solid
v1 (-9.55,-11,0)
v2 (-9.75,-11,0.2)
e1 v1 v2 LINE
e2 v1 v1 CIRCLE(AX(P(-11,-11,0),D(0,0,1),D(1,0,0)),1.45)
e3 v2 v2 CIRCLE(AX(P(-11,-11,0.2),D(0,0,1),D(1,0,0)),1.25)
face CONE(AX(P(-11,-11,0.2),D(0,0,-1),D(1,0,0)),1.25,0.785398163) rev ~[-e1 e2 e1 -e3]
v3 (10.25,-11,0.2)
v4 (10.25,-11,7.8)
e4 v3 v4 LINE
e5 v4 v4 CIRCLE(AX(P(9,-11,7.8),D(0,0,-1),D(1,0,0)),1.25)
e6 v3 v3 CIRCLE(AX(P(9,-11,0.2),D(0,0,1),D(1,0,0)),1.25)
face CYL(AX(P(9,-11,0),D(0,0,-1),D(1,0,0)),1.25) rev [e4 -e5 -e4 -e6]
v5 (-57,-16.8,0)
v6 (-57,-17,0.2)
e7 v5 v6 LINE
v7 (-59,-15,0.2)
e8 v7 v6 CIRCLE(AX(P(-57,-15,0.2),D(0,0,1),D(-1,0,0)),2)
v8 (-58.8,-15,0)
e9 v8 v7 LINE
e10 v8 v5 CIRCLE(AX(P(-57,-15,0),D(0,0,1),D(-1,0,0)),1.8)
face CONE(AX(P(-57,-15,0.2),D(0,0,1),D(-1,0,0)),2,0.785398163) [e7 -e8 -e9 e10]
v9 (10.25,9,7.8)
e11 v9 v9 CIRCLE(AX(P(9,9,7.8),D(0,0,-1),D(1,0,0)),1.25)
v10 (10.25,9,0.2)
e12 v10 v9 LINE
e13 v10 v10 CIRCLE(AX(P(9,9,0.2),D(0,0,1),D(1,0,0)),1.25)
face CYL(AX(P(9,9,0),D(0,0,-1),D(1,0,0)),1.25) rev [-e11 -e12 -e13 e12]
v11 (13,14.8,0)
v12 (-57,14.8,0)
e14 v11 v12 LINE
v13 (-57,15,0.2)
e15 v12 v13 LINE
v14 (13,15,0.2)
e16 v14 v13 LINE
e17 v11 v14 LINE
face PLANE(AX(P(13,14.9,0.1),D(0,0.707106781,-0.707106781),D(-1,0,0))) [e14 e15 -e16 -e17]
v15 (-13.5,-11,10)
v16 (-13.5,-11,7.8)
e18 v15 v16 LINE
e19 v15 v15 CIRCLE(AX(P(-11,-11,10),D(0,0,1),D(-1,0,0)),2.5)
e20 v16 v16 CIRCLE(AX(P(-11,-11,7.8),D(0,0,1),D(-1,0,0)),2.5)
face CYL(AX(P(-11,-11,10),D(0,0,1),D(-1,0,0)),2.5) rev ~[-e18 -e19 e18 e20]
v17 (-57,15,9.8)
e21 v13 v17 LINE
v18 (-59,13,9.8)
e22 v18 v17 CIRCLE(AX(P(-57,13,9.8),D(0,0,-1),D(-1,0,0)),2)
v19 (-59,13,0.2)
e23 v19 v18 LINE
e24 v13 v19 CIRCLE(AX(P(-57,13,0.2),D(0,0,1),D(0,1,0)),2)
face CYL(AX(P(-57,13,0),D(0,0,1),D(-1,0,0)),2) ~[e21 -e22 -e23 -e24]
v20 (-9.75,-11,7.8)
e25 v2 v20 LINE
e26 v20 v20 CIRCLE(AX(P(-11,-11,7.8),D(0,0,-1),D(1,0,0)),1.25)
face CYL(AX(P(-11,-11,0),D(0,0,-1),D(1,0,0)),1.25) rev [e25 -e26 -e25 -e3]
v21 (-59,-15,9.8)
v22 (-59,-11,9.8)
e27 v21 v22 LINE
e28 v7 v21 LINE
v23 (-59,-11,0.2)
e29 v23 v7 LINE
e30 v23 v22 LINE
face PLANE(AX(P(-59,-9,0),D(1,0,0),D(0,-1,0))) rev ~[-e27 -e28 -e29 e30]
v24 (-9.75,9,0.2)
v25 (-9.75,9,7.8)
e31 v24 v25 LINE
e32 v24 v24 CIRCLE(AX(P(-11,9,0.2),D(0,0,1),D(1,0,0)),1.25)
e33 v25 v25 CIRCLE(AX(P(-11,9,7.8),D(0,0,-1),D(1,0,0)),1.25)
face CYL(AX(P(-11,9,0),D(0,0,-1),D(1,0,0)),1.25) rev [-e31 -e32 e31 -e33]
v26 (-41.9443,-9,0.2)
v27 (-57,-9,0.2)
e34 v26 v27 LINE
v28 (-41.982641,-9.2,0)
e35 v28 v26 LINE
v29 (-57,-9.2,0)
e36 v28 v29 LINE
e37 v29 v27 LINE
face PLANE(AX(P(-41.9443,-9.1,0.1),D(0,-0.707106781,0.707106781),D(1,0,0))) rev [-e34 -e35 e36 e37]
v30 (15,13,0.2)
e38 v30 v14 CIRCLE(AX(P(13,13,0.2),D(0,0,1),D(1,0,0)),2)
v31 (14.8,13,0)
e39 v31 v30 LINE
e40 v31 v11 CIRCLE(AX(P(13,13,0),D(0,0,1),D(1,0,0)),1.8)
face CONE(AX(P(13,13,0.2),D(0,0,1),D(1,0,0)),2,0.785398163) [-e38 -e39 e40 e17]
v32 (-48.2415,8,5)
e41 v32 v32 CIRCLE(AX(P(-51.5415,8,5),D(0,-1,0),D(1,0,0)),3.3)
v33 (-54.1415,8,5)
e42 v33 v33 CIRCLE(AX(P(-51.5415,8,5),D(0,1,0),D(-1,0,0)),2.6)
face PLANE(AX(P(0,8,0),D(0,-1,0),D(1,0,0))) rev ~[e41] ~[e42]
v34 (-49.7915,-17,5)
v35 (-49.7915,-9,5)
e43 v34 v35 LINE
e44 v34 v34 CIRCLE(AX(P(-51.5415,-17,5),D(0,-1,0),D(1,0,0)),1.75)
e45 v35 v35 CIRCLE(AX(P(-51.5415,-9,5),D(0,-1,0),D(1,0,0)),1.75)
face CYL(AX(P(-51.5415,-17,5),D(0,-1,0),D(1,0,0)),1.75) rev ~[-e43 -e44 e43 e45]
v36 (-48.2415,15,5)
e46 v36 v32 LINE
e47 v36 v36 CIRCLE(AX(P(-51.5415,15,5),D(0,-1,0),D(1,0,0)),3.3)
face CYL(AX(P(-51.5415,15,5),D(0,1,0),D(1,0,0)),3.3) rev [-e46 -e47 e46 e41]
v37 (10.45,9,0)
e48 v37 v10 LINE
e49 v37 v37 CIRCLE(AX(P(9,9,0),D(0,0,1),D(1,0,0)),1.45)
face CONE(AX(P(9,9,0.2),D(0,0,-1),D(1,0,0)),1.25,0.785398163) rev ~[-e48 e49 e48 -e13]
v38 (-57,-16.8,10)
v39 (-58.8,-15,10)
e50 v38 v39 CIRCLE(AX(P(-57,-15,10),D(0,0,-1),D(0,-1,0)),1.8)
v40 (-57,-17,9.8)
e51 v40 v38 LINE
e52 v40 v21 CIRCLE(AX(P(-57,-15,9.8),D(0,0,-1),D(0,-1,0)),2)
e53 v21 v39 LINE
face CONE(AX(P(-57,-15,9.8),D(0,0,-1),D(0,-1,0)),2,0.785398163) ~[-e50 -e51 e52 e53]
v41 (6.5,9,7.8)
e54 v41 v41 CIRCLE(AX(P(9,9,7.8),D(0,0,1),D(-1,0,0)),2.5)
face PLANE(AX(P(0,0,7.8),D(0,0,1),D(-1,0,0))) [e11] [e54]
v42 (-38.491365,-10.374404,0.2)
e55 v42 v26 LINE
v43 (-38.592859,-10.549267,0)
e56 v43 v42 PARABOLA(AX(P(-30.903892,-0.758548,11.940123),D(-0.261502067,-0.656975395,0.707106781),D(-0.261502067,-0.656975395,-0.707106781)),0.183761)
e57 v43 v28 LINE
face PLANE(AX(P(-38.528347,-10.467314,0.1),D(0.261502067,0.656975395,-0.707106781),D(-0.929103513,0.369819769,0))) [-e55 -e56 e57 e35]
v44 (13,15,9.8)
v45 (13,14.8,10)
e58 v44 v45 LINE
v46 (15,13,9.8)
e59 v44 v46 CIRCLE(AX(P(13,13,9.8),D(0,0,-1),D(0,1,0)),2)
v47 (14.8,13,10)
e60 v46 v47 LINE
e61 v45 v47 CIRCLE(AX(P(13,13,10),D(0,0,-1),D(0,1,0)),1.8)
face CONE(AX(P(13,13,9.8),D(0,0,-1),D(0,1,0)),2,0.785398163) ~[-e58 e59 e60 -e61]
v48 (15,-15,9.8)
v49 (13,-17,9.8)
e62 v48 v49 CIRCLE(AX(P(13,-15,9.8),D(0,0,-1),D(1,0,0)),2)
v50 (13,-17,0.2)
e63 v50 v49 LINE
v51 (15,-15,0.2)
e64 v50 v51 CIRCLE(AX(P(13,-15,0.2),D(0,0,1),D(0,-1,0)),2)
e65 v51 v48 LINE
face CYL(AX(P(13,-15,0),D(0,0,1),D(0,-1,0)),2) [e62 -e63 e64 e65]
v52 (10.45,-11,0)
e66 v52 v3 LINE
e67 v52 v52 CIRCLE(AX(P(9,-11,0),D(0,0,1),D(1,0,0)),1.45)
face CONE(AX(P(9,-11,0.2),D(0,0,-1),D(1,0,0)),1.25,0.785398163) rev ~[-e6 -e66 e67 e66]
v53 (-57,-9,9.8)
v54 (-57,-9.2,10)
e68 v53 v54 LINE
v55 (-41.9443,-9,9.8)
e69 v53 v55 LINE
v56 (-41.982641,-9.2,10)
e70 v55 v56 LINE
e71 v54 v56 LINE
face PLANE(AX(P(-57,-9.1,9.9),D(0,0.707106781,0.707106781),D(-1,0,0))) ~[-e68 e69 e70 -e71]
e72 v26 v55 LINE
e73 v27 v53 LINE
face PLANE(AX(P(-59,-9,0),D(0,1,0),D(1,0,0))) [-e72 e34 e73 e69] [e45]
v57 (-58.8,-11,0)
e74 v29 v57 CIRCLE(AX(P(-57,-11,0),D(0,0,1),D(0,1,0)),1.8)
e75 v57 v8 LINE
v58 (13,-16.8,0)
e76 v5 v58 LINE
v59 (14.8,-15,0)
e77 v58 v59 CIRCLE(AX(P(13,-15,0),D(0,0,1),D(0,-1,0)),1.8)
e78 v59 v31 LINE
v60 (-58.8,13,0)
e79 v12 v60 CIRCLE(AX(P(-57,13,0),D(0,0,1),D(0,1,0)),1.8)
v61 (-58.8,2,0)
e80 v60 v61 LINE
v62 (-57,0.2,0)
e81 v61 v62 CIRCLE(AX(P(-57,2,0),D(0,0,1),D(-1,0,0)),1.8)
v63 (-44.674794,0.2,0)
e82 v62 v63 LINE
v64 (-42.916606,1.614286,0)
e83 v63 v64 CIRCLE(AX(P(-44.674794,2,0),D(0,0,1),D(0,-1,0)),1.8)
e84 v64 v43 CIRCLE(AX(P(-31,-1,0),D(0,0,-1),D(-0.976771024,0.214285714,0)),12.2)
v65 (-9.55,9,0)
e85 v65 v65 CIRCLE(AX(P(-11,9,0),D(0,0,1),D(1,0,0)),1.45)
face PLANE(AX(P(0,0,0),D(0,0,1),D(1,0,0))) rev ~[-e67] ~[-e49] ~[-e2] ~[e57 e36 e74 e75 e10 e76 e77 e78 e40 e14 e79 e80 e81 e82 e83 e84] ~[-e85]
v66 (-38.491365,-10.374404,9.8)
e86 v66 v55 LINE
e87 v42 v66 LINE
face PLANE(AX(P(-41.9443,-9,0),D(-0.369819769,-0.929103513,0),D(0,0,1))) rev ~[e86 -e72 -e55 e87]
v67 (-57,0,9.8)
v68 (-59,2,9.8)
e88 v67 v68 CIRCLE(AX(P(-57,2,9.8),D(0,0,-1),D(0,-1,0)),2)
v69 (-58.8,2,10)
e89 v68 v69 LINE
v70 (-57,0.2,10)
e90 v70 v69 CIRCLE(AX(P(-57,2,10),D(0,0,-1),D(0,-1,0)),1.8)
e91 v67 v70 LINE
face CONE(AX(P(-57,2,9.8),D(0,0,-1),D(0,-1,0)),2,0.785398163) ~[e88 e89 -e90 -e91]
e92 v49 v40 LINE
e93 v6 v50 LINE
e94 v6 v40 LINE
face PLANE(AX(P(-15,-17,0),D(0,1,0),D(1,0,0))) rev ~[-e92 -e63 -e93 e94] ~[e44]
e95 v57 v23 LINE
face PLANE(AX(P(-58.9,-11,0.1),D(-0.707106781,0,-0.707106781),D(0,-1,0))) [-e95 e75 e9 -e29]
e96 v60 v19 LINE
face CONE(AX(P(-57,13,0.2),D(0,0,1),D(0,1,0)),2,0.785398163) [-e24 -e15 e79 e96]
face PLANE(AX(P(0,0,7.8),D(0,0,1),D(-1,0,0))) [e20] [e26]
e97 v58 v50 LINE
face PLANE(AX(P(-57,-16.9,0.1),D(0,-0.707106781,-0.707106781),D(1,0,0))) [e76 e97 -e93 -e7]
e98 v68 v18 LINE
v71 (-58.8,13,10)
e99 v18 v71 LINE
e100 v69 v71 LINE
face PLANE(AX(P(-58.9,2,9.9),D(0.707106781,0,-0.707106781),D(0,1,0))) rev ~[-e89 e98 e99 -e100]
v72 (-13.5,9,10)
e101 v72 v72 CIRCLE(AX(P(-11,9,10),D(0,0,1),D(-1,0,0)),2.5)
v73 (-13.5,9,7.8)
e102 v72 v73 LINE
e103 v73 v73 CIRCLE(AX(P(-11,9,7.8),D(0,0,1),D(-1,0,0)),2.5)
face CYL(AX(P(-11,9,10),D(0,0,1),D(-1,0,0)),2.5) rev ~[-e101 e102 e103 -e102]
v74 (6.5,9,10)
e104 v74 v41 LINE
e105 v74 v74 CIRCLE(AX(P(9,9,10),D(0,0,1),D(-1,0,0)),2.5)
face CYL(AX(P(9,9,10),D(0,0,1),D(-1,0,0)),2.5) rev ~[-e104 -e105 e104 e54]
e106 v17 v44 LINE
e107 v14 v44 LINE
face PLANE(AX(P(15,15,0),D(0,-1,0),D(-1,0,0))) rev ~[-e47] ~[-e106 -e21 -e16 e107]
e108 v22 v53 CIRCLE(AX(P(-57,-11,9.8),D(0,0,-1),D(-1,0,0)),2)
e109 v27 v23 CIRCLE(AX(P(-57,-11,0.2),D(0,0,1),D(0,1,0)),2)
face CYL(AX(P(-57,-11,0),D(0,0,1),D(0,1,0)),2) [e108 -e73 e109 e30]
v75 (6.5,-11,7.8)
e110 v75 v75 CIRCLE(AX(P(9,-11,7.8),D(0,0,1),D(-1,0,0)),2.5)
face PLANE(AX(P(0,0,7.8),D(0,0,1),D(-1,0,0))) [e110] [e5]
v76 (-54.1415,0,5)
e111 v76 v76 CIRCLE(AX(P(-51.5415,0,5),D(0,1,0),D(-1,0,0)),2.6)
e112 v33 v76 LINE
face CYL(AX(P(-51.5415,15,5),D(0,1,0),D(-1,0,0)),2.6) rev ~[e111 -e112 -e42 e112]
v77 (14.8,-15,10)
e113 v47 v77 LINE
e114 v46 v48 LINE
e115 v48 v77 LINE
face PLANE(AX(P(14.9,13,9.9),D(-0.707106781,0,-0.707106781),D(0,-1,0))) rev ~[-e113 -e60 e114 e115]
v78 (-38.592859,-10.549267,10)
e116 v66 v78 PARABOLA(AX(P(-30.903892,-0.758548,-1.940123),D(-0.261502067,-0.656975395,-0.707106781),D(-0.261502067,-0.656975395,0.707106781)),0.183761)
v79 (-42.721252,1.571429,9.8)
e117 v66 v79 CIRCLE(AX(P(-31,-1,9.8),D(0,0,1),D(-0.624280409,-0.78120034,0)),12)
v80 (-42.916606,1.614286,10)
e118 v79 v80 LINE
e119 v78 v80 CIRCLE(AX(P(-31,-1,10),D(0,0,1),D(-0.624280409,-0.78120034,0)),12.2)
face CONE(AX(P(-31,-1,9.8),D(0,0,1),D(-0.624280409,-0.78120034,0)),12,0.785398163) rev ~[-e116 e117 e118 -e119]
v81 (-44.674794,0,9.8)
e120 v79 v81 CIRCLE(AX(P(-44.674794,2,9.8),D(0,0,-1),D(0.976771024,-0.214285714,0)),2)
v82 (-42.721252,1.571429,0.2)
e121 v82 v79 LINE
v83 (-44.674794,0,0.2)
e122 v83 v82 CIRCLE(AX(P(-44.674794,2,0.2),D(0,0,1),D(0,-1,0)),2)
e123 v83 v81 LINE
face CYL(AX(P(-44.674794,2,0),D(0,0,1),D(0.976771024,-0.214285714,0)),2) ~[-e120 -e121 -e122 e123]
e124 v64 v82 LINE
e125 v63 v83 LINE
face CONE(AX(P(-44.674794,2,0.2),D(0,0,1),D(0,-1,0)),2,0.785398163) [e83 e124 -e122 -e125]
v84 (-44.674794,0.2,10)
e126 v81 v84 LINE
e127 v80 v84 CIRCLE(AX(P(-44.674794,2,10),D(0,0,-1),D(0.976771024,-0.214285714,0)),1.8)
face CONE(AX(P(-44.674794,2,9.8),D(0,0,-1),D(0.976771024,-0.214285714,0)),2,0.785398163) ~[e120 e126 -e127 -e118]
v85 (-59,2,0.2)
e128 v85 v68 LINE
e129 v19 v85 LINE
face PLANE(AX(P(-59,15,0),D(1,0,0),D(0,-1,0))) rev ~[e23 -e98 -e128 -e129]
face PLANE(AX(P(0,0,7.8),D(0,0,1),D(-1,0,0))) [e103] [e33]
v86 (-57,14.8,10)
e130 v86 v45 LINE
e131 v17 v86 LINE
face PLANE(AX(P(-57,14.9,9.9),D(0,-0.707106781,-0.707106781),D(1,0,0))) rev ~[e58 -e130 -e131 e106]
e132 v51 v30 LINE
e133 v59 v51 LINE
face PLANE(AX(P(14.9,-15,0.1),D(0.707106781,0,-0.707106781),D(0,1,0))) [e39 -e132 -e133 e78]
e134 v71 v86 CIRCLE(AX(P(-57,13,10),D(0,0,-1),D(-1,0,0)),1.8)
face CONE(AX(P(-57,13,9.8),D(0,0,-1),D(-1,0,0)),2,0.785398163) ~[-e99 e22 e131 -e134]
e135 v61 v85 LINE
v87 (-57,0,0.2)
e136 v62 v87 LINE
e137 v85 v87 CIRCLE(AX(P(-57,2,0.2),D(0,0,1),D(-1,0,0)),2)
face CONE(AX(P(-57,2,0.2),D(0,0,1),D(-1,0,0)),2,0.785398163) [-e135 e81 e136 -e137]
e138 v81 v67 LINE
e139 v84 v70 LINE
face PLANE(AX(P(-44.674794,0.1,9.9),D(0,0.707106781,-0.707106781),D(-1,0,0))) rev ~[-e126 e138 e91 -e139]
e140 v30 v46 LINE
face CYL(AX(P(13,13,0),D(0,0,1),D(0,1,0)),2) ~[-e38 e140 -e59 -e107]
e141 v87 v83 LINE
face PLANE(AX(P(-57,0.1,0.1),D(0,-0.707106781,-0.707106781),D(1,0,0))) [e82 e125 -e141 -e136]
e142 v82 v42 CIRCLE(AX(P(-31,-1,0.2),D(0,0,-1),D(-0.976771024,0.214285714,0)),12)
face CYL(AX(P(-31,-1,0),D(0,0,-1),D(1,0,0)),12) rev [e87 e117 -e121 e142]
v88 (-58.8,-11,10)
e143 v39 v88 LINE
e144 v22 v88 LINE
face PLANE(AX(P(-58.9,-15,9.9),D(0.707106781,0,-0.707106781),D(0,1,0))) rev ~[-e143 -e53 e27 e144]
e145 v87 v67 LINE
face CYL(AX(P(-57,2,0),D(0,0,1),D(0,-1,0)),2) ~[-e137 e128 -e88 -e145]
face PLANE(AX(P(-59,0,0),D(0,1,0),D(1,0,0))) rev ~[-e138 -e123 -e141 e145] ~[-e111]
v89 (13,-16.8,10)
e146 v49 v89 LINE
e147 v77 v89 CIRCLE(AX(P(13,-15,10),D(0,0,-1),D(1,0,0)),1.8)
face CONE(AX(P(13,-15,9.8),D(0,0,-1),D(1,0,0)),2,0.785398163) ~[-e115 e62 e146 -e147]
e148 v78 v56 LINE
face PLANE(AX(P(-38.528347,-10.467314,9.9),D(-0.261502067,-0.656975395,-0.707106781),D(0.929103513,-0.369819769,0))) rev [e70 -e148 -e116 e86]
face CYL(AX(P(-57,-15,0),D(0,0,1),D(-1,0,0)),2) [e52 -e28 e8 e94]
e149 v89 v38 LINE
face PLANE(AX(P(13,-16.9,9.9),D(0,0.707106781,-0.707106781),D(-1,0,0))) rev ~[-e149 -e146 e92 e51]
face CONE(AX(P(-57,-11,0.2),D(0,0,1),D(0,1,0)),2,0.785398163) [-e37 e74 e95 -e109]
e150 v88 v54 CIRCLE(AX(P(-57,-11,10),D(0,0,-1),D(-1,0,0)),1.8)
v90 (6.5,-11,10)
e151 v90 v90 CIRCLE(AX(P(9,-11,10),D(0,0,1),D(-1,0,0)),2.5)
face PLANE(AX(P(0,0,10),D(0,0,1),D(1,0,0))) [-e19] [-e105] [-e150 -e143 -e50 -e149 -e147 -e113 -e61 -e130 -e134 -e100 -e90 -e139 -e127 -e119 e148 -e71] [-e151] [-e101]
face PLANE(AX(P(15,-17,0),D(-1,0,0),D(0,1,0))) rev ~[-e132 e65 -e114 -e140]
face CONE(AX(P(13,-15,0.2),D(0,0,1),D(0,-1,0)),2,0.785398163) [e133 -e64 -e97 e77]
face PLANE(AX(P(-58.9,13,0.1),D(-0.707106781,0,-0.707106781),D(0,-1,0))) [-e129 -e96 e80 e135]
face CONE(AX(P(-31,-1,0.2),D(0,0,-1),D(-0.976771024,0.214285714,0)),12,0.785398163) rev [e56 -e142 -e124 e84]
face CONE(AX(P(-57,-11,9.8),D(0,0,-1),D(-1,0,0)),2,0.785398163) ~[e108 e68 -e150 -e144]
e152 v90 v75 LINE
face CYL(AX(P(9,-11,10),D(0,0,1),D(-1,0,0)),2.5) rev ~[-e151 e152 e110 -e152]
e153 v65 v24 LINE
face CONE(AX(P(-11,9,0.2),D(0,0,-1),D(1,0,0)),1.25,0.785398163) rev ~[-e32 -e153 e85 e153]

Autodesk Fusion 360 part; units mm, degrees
sketch "Base profile and screw holes" plane through (0, 0, 0) normal (0, 0, 1) x (1, 0, 0)
  line L0 (15, 15) -> (-15, 15)
  line L1 (-15, 15) -> (-15, -17)
  line L2 (-15, -17) -> (15, -17)
  line L3 (15, -17) -> (15, 15)
  circle A0 centre (-11, -11) radius 1.25
  circle A1 centre (9, -11) radius 1.25
  circle A2 centre (-11, 9) radius 1.25
  circle A3 centre (9, 9) radius 1.25
  dimension "d1" = 30
  dimension "d5" = 4
  dimension "d8" = 20
  dimension "d9" = 2.5
  dimension "d10" = 20
  dimension "d40" = 11
  dimension "d41" = 6
  dimension "d42" = 6
extrude "Extrude1" add sketch "Base profile and screw holes" along normal blind 10 makes body 1
ref_plane "WorkPlane1" through (0, 0, -30) normal (0, 0, 1) x (1, 0, 0)
sketch "Original holder" plane through (0, 0, -30) normal (0, 0, 1) x (1, 0, 0)
  circle A0 centre (-31, 0) radius 12.75
  circle A1 centre (-11, -11) radius 1.25
  line L0 (-14.1024, 16) -> (-47.8976, 16)
  line L1 (-47.8976, 16) -> (-47.8976, -16)
  line L2 (-47.8976, -16) -> (-14.1024, -16)
  line L3 (-14.1024, -16) -> (-14.1024, 16)
  line L4 (-14.1024, 16) -> (-47.8976, -16) construction
  line L5 (-47.8976, 16) -> (-14.1024, -16) construction
  line L6 (-15, 15) -> (-15, -17)
  point P0 (-31, 0)
  dimension "d16" = 25.5
  dimension "d17" = 20
extrude "Extrude2" add sketch "Original holder" against normal blind 5 separate body contours L0 L1 L2 L3 makes body 2
sketch "Nikon 10x objective" plane through (0, 0, 0) normal (0, 1, 0) x (1, 0, 0)
  line L0 (-43.4233, 29.7385) -> (-30.9233, 29.7385)
  line L1 (-30.9233, 29.7385) -> (-30.9233, 34.7385)
  line L2 (-30.9233, 34.7385) -> (-43.4233, 34.7385)
  line L3 (-43.4233, 34.7385) -> (-43.4233, 29.7385)
  line L4 (-30.9233, 29.7385) -> (-44.9233, 29.7385)
  line L5 (-44.9233, 29.7385) -> (-44.9233, 24.7385)
  line L6 (-44.9233, 24.7385) -> (-30.9233, 24.7385)
  line L7 (-30.9233, 24.7385) -> (-30.9233, 29.7385)
  line L8 (-44.9233, 24.7385) -> (-42.9233, 22.7376)
  line L9 (-44.9233, 24.7385) -> (-39.0718, 24.7385) construction
  line L10 (-30.9233, 24.7385) -> (-42.9233, 24.7385)
  line L11 (-42.9233, 24.7385) -> (-42.9233, -13.2615)
  line L12 (-42.9233, -13.2615) -> (-30.9233, -13.2615)
  line L13 (-30.9233, -13.2615) -> (-30.9233, 24.7385)
  line L14 (-30.9233, -13.2615) -> (-40.1733, -13.2615)
  line L15 (-40.1733, -13.2615) -> (-40.1733, -16.7692)
  line L16 (-30.9233, -17.6525) -> (-30.9233, -13.2615)
  line L17 (-40.1733, -16.7692) -> (-34.1733, -27.1615)
  line L18 (-30.9233, -17.6525) -> (-30.9233, -27.1615)
  line L19 (-34.1733, -27.1615) -> (-30.9233, -27.1615)
  line L20 (-42.9233, -10.9477) -> (-41.5874, -13.2615)
  line L21 (-42.9233, -10.9477) -> (-41.0507, -10.9477) construction
  dimension "d20" = 12.5
  dimension "d21" = 5
  dimension "d22" = 14
  dimension "d23" = 5
  dimension "d26" = 12
  dimension "d29" = 9.25
  dimension "d31" = 3.25
  dimension "d33" = 43
  dimension "d34" = 60
  dimension "d35" = 13.9
  dimension "d36" = 60
revolve "Revolve1" add sketch "Nikon 10x objective" angle 360 about axis through (-30.9233, 0, 13.2615) along (0, 0, -1) separate body contours L0 L1 L2 L3 L4 | L0 L4 L5 L6 L7 L10 | L6 L10 L11 L12 L13 L14 L20 | L6 L8 L11 | L12 L14 L15 L16 L17 L18 L19 makes body 3
sketch "Main body of holder" plane through (0, 0, 0) normal (0, 0, 1) x (1, 0, 0)
  circle A0 centre (-31, -1) radius 12
  line L0 (-11, 9) -> (-11, -11) construction
  line L1 (-15, 15) -> (-59, 15)
  line L2 (-59, 15) -> (-59, -17)
  line L3 (-59, -17) -> (-15, -17)
  line L4 (-15, -17) -> (-15, 15)
  line L5 (-59, -9) -> (-39.9443, -9)
  line L6 (-59, 0) -> (-42.9583, 0)
  point P0 (-11, -11)
  point P1 (-11, 9)
  point P2 (-11, -1)
  point P3 (-15, 15)
  point P4 (-15, -17)
  dimension "d38" = 24
  dimension "d39" = 20
  dimension "d43" = 15
  dimension "d44" = 8
  dimension "d45" = 44
extrude "Extrude3" add sketch "Main body of holder" along normal up to surface (10 mm away) contours A0 L1 L2 L3 L4 L5 L6 bodies 1
sketch "Hole for bolt that goes into heat-set insert" plane through (0, -17, 0) normal (0, -1, 0) x (1, 0, 0)
  line L0 (-59, 0) -> (15, 0)
  line L1 (15, 0) -> (15, 10)
  line L2 (15, 10) -> (-59, 10)
  line L3 (-59, 10) -> (-59, 0)
  circle A0 centre (-51.5415, 5) radius 1.75
  point P0 (-59, 5)
  dimension "d48" = 3.5
extrude "Extrude4" cut sketch "Hole for bolt that goes into heat-set insert" against normal up to surface (8 mm away) contours A0 bodies 1
chamfer "Chamfer1" distance 2 angle 45 1 edges at (-39.9443, -9, 5) on bodies 1
sketch "Hole for heat-set insert" plane through (0, 15, 0) normal (0, 1, 0) x (-1, 0, 0)
  line L0 (-15, 0) -> (59, 0)
  line L1 (59, 0) -> (59, 10)
  line L2 (59, 10) -> (-15, 10)
  line L3 (-15, 10) -> (-15, 0)
  circle A0 centre (51.5415, 5) radius 2.6
  circle A1 centre (51.5415, 5) radius 1.75
  dimension "d52" = 5.2
extrude "Extrude5" cut sketch "Hole for heat-set insert" against normal up to surface (15 mm away) contours A0 | A1 bodies 1
fillet "Fillet3" radius 2 7 edges at (-59, 15, 5) (-59, 0, 5) (-59, -9, 5) (-59, -17, 5) (-42.9583, 0, 5) (15, -17, 5) (15, 15, 5) on bodies 1
chamfer "Chamfer2" distance 0.2 angle 45 34 edges at (-22, 15, 10) (14.4142, 14.4142, 10) (15, -1, 10) (14.4142, -16.4142, 10) (-22, -17, 10) (-58.4142, -16.4142, 10) (-59, -13, 10) (-58.4142, -9.5858, 10) (-49.4721, -9, 10) (-19.6882, 3.0054, 10) (-43.4212, 0.4416, 10) (-50.8374, 0, 10) (-58.4142, 0.5858, 10) (-59, 7.5, 10) (-58.4142, 14.4142, 10) (-22, 15, 0) (14.4142, 14.4142, 0) (15, -1, 0) (14.4142, -16.4142, 0) (-22, -17, 0) (-58.4142, -16.4142, 0) (-59, -13, 0) (-58.4142, -9.5858, 0) (-49.4721, -9, 0) (-19.6882, 3.0054, 0) (-43.4212, 0.4416, 0) (-50.8374, 0, 0) (-58.4142, 0.5858, 0) (-59, 7.5, 0) (-58.4142, 14.4142, 0) (-12.1654, -10.548, 0) (-12.1654, 9.452, 0) (7.8346, 9.452, 0) (7.8346, -10.548, 0) on bodies 1
chamfer "Chamfer2" distance 0.2 angle 45 2 edges at (-40.2178, -9.6872, 0) (-40.2178, -9.6872, 10) on bodies 1
sketch "Counterbore for bolts that attach to microscope stage" plane through (0, 0, 10) normal (0, 0, 1) x (-1, 0, 0)
  circle A0 centre (11, -9) radius 2.5
  circle A1 centre (-9, -9) radius 2.5
  circle A2 centre (11, 11) radius 2.5
  circle A3 centre (-9, 11) radius 2.5
  point P0 (11, -9)
  point P1 (-9, -9)
  point P2 (-9, 11)
  point P3 (11, 11)
  dimension "d62" = 5
extrude "Extrude6" cut sketch "Counterbore for bolts that attach to microscope stage" against normal blind 2.2 bodies 1
sketch "Counterbore for bolt that goes into the heat-set insert" plane through (0, 15, 0) normal (0, -1, 0) x (1, 0, 0)
  circle A0 centre (-51.5415, 5) radius 3.3
  point P0 (-51.5415, 5)
  dimension "d65" = 6.6
extrude "Extrude8" cut sketch "Counterbore for bolt that goes into the heat-set insert" along normal blind 7 bodies 1
hidden bodies 2 3
